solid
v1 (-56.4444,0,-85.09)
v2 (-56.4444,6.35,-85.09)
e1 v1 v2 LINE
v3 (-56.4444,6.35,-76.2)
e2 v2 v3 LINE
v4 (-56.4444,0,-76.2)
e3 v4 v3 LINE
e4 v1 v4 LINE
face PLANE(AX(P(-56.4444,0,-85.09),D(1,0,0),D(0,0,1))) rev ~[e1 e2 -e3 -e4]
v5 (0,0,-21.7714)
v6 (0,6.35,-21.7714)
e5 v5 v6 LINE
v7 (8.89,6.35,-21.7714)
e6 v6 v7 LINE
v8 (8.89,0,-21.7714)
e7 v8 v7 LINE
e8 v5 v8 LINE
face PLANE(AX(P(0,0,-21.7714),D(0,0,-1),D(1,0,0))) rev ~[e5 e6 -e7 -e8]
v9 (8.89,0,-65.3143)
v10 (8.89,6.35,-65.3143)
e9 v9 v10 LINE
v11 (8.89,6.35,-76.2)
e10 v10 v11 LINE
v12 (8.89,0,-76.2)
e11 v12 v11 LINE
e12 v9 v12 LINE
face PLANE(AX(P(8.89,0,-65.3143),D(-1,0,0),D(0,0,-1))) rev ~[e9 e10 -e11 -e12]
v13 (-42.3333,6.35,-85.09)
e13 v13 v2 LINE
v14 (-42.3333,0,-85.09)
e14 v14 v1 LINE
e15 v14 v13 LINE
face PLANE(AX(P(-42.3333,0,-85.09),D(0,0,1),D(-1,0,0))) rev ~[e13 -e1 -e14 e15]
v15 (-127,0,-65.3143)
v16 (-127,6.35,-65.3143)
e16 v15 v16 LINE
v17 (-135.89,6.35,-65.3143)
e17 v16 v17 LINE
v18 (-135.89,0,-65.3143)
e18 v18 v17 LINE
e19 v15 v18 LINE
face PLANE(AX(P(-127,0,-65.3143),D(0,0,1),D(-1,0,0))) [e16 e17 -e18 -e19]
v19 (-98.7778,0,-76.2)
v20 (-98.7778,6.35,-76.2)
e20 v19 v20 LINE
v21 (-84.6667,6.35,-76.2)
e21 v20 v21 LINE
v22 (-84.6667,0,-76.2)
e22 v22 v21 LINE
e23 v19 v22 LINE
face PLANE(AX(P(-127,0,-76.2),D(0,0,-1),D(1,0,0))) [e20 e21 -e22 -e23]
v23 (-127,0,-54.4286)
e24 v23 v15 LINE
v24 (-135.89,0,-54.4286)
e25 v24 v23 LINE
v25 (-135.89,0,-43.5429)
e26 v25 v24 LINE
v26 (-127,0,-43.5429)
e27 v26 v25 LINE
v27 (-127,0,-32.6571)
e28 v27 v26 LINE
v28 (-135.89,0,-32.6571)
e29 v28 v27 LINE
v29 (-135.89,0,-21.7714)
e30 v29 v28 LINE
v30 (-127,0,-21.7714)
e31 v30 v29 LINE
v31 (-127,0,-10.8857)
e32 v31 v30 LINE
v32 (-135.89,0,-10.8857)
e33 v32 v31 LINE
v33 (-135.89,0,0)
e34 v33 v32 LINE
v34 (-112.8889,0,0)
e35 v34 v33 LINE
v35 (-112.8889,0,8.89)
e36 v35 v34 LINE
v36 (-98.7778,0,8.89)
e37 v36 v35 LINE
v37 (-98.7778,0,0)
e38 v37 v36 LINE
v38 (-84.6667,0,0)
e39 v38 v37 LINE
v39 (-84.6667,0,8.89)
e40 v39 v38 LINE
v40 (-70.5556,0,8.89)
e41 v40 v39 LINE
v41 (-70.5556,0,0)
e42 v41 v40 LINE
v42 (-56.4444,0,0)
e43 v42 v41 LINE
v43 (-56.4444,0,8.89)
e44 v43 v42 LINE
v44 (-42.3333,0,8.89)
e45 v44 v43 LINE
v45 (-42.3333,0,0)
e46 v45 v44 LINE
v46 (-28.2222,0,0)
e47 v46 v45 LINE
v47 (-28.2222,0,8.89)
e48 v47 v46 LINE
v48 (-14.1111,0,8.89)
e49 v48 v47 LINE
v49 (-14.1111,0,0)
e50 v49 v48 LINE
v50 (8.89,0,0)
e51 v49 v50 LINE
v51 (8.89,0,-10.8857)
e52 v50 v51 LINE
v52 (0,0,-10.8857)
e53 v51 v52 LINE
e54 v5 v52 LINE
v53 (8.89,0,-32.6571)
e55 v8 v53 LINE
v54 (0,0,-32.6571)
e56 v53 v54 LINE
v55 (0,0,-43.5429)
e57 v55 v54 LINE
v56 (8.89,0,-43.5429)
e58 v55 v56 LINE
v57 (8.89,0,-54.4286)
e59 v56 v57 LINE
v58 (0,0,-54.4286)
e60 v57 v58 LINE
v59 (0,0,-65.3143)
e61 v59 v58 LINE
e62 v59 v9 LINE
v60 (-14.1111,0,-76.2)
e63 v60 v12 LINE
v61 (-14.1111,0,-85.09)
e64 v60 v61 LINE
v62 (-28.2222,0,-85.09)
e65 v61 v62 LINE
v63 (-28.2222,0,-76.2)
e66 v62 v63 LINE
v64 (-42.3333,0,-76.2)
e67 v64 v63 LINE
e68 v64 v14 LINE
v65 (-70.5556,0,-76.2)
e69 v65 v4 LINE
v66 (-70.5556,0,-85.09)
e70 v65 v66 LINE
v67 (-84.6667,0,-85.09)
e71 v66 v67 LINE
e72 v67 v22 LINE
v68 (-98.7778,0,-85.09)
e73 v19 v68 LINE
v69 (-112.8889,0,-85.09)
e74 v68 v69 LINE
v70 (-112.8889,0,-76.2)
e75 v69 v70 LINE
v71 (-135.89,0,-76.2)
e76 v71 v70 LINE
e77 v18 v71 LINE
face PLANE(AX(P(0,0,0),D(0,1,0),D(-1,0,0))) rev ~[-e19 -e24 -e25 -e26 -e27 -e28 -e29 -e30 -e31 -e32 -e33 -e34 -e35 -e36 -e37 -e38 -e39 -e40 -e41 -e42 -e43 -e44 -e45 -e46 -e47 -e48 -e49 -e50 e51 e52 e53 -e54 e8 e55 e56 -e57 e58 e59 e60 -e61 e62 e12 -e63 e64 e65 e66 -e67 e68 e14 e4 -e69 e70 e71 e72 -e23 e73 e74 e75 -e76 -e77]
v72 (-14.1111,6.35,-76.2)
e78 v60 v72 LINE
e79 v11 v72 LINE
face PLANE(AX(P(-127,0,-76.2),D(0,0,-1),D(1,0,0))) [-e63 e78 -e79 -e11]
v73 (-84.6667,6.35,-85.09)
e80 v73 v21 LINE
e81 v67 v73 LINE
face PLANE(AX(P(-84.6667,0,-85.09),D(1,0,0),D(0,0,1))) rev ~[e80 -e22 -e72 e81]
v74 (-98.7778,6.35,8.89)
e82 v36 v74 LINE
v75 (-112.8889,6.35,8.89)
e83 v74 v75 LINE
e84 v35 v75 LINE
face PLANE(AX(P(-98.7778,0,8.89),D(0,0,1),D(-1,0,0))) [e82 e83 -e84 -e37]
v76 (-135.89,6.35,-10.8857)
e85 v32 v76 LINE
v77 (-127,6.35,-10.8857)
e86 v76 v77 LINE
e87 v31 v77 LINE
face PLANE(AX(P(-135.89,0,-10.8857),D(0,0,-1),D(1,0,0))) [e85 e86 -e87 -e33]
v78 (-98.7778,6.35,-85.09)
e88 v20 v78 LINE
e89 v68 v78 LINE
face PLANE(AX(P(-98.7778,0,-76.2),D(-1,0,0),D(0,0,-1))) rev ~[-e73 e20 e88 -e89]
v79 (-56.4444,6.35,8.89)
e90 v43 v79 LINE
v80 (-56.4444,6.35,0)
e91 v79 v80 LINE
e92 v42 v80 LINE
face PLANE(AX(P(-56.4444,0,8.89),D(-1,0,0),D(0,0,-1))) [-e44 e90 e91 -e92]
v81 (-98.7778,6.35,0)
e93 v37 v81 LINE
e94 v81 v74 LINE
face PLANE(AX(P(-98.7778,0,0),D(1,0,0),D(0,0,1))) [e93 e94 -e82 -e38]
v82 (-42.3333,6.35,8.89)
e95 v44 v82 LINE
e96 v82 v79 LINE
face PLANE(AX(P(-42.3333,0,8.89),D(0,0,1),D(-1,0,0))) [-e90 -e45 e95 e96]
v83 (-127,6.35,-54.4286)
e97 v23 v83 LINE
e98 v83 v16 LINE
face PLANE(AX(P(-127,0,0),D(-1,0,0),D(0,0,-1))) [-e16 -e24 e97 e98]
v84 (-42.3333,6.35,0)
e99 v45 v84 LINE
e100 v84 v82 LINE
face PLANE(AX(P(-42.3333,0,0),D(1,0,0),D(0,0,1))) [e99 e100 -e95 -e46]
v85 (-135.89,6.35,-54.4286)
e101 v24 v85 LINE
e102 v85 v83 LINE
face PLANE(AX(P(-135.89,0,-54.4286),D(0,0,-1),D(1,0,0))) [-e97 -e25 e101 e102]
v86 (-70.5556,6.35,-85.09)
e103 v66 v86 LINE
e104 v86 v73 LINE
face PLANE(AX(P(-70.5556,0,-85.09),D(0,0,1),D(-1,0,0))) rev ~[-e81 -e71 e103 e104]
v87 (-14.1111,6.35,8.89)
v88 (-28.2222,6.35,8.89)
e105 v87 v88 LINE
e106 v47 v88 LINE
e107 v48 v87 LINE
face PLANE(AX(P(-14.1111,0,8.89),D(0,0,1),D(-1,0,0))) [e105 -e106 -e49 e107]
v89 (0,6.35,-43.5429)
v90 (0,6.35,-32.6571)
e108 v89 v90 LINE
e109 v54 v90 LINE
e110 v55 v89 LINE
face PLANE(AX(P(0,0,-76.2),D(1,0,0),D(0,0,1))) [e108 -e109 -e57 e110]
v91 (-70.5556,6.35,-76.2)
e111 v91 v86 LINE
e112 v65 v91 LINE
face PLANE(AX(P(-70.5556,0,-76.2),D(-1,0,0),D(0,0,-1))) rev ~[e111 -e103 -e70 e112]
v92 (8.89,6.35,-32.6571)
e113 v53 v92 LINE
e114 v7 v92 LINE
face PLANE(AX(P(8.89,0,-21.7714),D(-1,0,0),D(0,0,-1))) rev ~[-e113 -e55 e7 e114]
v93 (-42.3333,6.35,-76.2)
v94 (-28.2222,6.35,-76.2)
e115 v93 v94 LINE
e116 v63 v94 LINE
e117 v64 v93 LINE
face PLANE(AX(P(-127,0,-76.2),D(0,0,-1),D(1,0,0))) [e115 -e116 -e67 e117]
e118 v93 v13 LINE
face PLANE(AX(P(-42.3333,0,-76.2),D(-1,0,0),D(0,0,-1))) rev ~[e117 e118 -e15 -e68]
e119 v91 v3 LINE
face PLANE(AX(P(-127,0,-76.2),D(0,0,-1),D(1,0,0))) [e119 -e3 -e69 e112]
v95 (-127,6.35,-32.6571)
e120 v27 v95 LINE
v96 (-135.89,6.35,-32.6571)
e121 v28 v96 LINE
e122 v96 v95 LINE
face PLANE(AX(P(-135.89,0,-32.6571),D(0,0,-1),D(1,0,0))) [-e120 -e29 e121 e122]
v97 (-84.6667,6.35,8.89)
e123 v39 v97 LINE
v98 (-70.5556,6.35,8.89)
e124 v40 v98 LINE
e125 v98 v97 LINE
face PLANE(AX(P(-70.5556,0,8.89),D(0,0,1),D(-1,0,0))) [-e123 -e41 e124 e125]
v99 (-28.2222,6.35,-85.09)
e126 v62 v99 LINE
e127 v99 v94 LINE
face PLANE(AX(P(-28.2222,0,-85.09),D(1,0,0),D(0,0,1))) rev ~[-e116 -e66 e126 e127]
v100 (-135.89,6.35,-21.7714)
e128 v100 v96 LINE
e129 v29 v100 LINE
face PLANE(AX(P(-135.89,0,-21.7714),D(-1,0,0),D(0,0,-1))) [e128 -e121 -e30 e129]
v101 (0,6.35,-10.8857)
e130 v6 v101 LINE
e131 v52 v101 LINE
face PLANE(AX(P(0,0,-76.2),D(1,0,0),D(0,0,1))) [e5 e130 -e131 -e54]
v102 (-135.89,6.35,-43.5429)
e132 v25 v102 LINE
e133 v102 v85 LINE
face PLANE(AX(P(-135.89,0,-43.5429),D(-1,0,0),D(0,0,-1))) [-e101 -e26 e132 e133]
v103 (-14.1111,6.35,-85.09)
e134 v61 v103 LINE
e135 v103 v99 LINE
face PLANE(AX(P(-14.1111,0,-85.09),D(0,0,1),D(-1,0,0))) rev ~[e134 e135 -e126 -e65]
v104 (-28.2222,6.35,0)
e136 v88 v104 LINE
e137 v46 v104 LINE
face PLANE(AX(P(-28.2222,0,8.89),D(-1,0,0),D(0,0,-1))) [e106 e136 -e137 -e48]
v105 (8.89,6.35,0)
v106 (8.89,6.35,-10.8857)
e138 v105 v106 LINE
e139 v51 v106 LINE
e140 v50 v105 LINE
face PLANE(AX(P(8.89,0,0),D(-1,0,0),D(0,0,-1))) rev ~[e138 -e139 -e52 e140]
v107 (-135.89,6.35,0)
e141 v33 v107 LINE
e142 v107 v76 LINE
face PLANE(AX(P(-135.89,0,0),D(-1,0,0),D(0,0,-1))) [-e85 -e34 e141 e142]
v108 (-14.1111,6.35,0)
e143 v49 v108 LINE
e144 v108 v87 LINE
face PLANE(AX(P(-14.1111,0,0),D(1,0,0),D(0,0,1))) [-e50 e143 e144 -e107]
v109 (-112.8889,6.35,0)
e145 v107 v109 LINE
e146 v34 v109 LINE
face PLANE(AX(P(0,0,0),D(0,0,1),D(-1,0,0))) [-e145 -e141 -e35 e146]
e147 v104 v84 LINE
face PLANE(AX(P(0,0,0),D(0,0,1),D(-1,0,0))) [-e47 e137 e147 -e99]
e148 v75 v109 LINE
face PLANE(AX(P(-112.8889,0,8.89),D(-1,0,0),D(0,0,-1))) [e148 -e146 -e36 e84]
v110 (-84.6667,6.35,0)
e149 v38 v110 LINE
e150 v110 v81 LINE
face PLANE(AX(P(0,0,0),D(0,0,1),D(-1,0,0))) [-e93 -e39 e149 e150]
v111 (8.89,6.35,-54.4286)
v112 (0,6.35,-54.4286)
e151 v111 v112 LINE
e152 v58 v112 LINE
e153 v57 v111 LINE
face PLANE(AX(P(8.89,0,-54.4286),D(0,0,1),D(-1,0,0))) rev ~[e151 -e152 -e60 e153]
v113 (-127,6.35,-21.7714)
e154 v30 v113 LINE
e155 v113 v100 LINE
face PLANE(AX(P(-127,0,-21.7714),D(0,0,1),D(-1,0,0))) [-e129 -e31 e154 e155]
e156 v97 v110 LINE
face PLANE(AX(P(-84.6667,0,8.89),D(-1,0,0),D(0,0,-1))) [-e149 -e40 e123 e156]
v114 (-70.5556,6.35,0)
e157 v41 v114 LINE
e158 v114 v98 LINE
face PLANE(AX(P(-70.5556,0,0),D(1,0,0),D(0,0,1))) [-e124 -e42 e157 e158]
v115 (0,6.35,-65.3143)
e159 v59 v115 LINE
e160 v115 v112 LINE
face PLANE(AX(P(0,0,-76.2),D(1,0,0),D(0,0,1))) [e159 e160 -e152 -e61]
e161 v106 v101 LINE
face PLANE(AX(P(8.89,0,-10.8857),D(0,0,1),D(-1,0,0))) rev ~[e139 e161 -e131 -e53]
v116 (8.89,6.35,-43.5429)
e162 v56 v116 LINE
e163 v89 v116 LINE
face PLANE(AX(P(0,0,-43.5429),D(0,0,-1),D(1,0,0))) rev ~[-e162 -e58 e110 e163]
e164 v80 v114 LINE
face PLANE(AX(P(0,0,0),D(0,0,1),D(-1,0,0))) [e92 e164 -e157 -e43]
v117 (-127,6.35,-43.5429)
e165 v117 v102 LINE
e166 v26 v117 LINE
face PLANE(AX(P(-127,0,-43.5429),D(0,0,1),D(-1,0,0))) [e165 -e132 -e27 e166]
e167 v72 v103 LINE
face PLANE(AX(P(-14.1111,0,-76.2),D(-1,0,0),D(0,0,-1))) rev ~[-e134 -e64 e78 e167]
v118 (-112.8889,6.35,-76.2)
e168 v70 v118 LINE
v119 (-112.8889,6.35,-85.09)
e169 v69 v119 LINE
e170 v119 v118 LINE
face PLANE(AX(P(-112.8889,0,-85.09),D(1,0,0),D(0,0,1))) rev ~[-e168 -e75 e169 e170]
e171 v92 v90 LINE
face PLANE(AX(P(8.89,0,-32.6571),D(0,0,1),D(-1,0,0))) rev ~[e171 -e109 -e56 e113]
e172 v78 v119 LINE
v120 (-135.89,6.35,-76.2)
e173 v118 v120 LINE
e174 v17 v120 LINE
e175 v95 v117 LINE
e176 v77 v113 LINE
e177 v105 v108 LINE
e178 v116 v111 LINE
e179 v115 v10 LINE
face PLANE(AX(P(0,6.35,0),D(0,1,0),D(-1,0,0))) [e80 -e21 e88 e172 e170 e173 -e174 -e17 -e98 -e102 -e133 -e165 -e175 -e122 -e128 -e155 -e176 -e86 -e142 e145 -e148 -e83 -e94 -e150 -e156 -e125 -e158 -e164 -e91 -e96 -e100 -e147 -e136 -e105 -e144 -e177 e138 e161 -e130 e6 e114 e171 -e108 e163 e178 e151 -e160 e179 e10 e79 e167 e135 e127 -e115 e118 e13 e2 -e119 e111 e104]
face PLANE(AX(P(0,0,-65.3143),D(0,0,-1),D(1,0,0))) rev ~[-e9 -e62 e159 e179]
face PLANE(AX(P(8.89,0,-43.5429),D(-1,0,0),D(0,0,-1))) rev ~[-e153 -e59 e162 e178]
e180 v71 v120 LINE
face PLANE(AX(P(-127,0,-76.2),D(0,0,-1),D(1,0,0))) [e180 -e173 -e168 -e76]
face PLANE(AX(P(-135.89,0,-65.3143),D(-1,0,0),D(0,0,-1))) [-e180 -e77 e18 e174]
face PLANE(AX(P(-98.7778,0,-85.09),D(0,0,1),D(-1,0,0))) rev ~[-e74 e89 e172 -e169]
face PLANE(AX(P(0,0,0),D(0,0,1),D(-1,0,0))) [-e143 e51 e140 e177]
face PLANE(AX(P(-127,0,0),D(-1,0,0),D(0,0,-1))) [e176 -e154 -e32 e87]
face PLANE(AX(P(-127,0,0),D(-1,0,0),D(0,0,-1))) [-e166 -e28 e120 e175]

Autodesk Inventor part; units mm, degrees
ref_plane "YZ Plane" through (0, 0, 0) normal (1, 0, 0) x (0, 1, 0)
ref_plane "XZ Plane" through (0, 0, 0) normal (0, 1, 0) x (-1, 0, 0)
ref_plane "XY Plane" through (0, 0, 0) normal (0, 0, 1) x (1, 0, 0)
sketch "Sketch1" plane through (0, 0, 0) normal (0, 1, 0) x (-1, 0, 0)
  line L0 (0, 0) -> (127, 0)
  line L1 (127, 0) -> (127, -76.2)
  line L2 (127, -76.2) -> (0, -76.2)
  line L3 (0, -76.2) -> (0, 0)
  dimension "BoxHeight" = 127
  dimension "d1" = 76.2
sketch "Sketch2" plane through (0, 0, 0) normal (0, 1, 0) x (-1, 0, 0)
  line L0 (0, 0) -> (-8.89, 0)
  line L1 (-8.89, 0) -> (-8.89, -10.8857)
  line L2 (-8.89, -10.8857) -> (0, -10.8857)
  line L3 (0, -10.8857) -> (0, 0)
  line L4 (0, -76.2) -> (0, 0) projected
  line L5 (0, 0) -> (127, 0) projected
  line L6 (0, -21.7714) -> (-8.89, -21.7714)
  line L7 (-8.89, -21.7714) -> (-8.89, -32.6571)
  line L8 (-8.89, -32.6571) -> (0, -32.6571)
  line L9 (0, -32.6571) -> (0, -21.7714)
  line L10 (0, -43.5429) -> (-8.89, -43.5429)
  line L11 (-8.89, -43.5429) -> (-8.89, -54.4286)
  line L12 (-8.89, -54.4286) -> (0, -54.4286)
  line L13 (0, -54.4286) -> (0, -43.5429)
  line L14 (63.5, 0) -> (63.5, -115.824) construction
  line L15 (127, -10.8857) -> (127, 0)
  line L16 (127, -76.2) -> (127, 0)
  line L17 (127, -32.6571) -> (127, -21.7714)
  line L18 (127, -54.4286) -> (127, -43.5429)
  line L19 (28.2222, -76.2) -> (14.1111, -76.2)
  line L20 (14.1111, -76.2) -> (14.1111, -85.09)
  line L21 (14.1111, -85.09) -> (28.2222, -85.09)
  line L22 (28.2222, -85.09) -> (28.2222, -76.2)
  line L23 (127, -76.2) -> (0, -76.2) projected
  line L24 (56.4444, -76.2) -> (42.3333, -76.2)
  line L25 (42.3333, -76.2) -> (42.3333, -85.09)
  line L26 (42.3333, -85.09) -> (56.4444, -85.09)
  line L27 (56.4444, -85.09) -> (56.4444, -76.2)
  line L28 (84.6667, -76.2) -> (70.5556, -76.2)
  line L29 (70.5556, -76.2) -> (70.5556, -85.09)
  line L30 (70.5556, -85.09) -> (84.6667, -85.09)
  line L31 (84.6667, -85.09) -> (84.6667, -76.2)
  line L32 (112.8889, -76.2) -> (98.7778, -76.2)
  line L33 (98.7778, -76.2) -> (98.7778, -85.09)
  line L34 (98.7778, -85.09) -> (112.8889, -85.09)
  line L35 (112.8889, -85.09) -> (112.8889, -76.2)
  line L36 (127, -38.1) -> (0, -38.1) construction
  line L37 (63.5, -76.2) -> (63.5, 39.624) construction
  line L38 (28.2222, 0) -> (14.1111, 0)
  line L39 (14.1111, 0) -> (14.1111, 8.89)
  line L40 (14.1111, 8.89) -> (28.2222, 8.89)
  line L41 (28.2222, 8.89) -> (28.2222, 0)
  line L42 (127, 0) -> (0, 0)
  line L43 (56.4444, 0) -> (42.3333, 0)
  line L44 (42.3333, 0) -> (42.3333, 8.89)
  line L45 (42.3333, 8.89) -> (56.4444, 8.89)
  line L46 (56.4444, 8.89) -> (56.4444, 0)
  line L47 (84.6667, 0) -> (70.5556, 0)
  line L48 (70.5556, 0) -> (70.5556, 8.89)
  line L49 (84.6667, 8.89) -> (84.6667, 0)
  line L50 (70.5556, 8.89) -> (84.6667, 8.89)
  line L51 (112.8889, 0) -> (98.7778, 0)
  line L52 (98.7778, 0) -> (98.7778, 8.89)
  line L53 (112.8889, 8.89) -> (112.8889, 0)
  line L54 (98.7778, 8.89) -> (112.8889, 8.89)
  line L55 (0, -65.3143) -> (-8.89, -65.3143)
  line L56 (-8.89, -65.3143) -> (-8.89, -76.2)
  line L57 (-8.89, -76.2) -> (0, -76.2)
  line L58 (0, -76.2) -> (0, -65.3143)
  line L59 (127, 0) -> (135.89, 0)
  line L60 (135.89, 0) -> (135.89, -10.8857)
  line L61 (135.89, -10.8857) -> (127, -10.8857)
  line L62 (127, -10.8857) -> (127, 0)
  line L63 (127, -76.2) -> (127, 0)
  line L64 (127, -21.7714) -> (135.89, -21.7714)
  line L65 (135.89, -21.7714) -> (135.89, -32.6571)
  line L66 (135.89, -32.6571) -> (127, -32.6571)
  line L67 (127, -32.6571) -> (127, -21.7714)
  line L68 (127, -43.5429) -> (135.89, -43.5429)
  line L69 (135.89, -43.5429) -> (135.89, -54.4286)
  line L70 (135.89, -54.4286) -> (127, -54.4286)
  line L71 (127, -54.4286) -> (127, -43.5429)
  line L72 (135.89, -65.3143) -> (135.89, -76.2)
  line L73 (127, -65.3143) -> (135.89, -65.3143)
  line L74 (135.89, -76.2) -> (127, -76.2)
  line L75 (127, -76.2) -> (127, -65.3143)
  dimension "d2" = 8.89
  dimension "d3" = 10.8857
  dimension "d5" = 8.89
  dimension "d6" = 10.8857
  dimension "d7" = 10.8857
  dimension "d8" = 8.89
  dimension "d9" = 10.8857
  dimension "d10" = 10.8857
  dimension "d11" = 14.1111
  dimension "d12" = 127
  dimension "d13" = 14.1111
  dimension "d14" = 8.89
  dimension "d15" = 8.89
  dimension "d16" = 14.1111
  dimension "d17" = 8.89
  dimension "d18" = 14.1111
  dimension "d22" = 8.89
  dimension "d23" = 14.1111
  dimension "d27" = 14.1111
  dimension "d28" = 14.1111
  dimension "d29" = 14.1111
  dimension "d34" = 76.2
  dimension "d35" = 8.89
  dimension "d36" = 10.8857
  dimension "d41" = 10.8857
extrude "Connections" add sketch "Sketch2" along normal blind 6.35 contours L3 L2 L1 L0 | L39 L40 L41 L5 | L4 L8 L7 L6 | L44 L45 L46 L5 | L4 L12 L11 L10 | L48 L50 L49 L5 | L4 L57 L56 L55 | L52 L54 L53 L5 | L19 L22 L21 L20 | L59 L60 L61 L15 | L23 L27 L26 L25 | L64 L65 L66 L16 | L23 L31 L30 L29 | L68 L69 L70 L16 | L23 L35 L34 L33 | L73 L72 L74 L16
extrude "Base Extrusion" add sketch "Sketch1" along normal blind 6.35
sketch "Sketch3" plane through (0, 6.35, 0) normal (0, 1, 0) x (1, 0, 0)
  line L0 (-6.6713, 46.5048) -> (-6.6713, 27.1528) construction
  line L1 (-6.6713, 27.1528) -> (-46.955, 27.1528) construction
  line L2 (-46.955, 27.1528) -> (-46.955, 46.5048) construction
  line L3 (-46.955, 46.5048) -> (-6.6713, 46.5048) construction
  point P0 (0, 0)
sketch "Sketch4" plane through (0, 0, 0) normal (0, -1, 0) x (1, 0, 0)
  line L0 (-84.6667, 8.89) -> (-70.5556, 8.89) projected
  line L1 (-84.6667, 0) -> (-84.6667, 8.89) projected
  line L2 (-84.6667, 0) -> (-98.7778, 0) projected
  line L3 (-98.7778, 0) -> (-98.7778, 8.89) projected
  line L4 (-98.7778, 8.89) -> (-112.8889, 8.89) projected
  line L5 (-112.8889, 8.89) -> (-112.8889, 0) projected
  line L6 (-135.89, 0) -> (-112.8889, 0) projected
  line L7 (-135.89, -10.8857) -> (-135.89, 0) projected
  line L8 (-127, -10.8857) -> (-135.89, -10.8857) projected
  line L9 (-127, -10.8857) -> (-127, -21.7714) projected
  line L10 (-135.89, -21.7714) -> (-127, -21.7714) projected
  line L11 (-135.89, -32.6571) -> (-135.89, -21.7714) projected
  line L12 (-127, -32.6571) -> (-135.89, -32.6571) projected
  line L13 (-127, -32.6571) -> (-127, -43.5429) projected
  line L14 (-135.89, -43.5429) -> (-127, -43.5429) projected
  line L15 (-135.89, -54.4286) -> (-135.89, -43.5429) projected
  line L16 (-127, -54.4286) -> (-135.89, -54.4286) projected
  line L17 (-127, -54.4286) -> (-127, -65.3143) projected
  line L18 (-127, -65.3143) -> (-135.89, -65.3143) projected
  line L19 (-135.89, -65.3143) -> (-135.89, -76.2) projected
  line L20 (-135.89, -76.2) -> (-112.8889, -76.2) projected
  line L21 (-112.8889, -76.2) -> (-112.8889, -85.09) projected
  line L22 (-112.8889, -85.09) -> (-98.7778, -85.09) projected
  line L23 (-98.7778, -85.09) -> (-98.7778, -76.2) projected
  line L24 (-98.7778, -76.2) -> (-84.6667, -76.2) projected
  line L25 (-84.6667, -76.2) -> (-84.6667, -85.09) projected
  line L26 (-84.6667, -85.09) -> (-70.5556, -85.09) projected
  line L27 (-70.5556, -85.09) -> (-70.5556, -76.2) projected
  line L28 (-70.5556, -76.2) -> (-56.4444, -76.2) projected
  line L29 (-56.4444, -85.09) -> (-56.4444, -76.2) projected
  line L30 (-42.3333, -85.09) -> (-56.4444, -85.09) projected
  line L31 (-42.3333, -76.2) -> (-42.3333, -85.09) projected
  line L32 (-42.3333, -76.2) -> (-28.2222, -76.2) projected
  line L33 (-28.2222, -85.09) -> (-28.2222, -76.2) projected
  line L34 (-14.1111, -85.09) -> (-28.2222, -85.09) projected
  line L35 (-14.1111, -76.2) -> (-14.1111, -85.09) projected
  line L36 (-14.1111, -76.2) -> (8.89, -76.2) projected
  line L37 (8.89, -76.2) -> (8.89, -65.3143) projected
  line L38 (8.89, -65.3143) -> (0, -65.3143) projected
  line L39 (0, -65.3143) -> (0, -54.4286) projected
  line L40 (8.89, -54.4286) -> (0, -54.4286) projected
  line L41 (8.89, -43.5429) -> (8.89, -54.4286) projected
  line L42 (0, -43.5429) -> (8.89, -43.5429) projected
  line L43 (0, -43.5429) -> (0, -32.6571) projected
  line L44 (8.89, -32.6571) -> (0, -32.6571) projected
  line L45 (8.89, -21.7714) -> (8.89, -32.6571) projected
  line L46 (0, -21.7714) -> (8.89, -21.7714) projected
  line L47 (0, -21.7714) -> (0, -10.8857) projected
  line L48 (8.89, -10.8857) -> (0, -10.8857) projected
  line L49 (8.89, 0) -> (8.89, -10.8857) projected
  line L50 (-14.1111, 0) -> (8.89, 0) projected
  line L51 (-14.1111, 0) -> (-14.1111, 8.89) projected
  line L52 (-14.1111, 8.89) -> (-28.2222, 8.89) projected
  line L53 (-28.2222, 8.89) -> (-28.2222, 0) projected
  line L54 (-28.2222, 0) -> (-42.3333, 0) projected
  line L55 (-42.3333, 8.89) -> (-42.3333, 0) projected
  line L56 (-56.4444, 8.89) -> (-42.3333, 8.89) projected
  line L57 (-56.4444, 0) -> (-56.4444, 8.89) projected
  line L58 (-56.4444, 0) -> (-70.5556, 0) projected
  line L59 (-70.5556, 8.89) -> (-70.5556, 0) projected
  point P0 (0, 0)
equation "\"d1\" = BaseLength"
equation "\"d2\" = PerpA"
equation "\"d3\" = PerpB"
equation "\"d5\" = d2"
equation "\"d6\" = d3"
equation "\"d7\" = PerpSpace"
equation "\"d8\" = d2"
equation "\"d9\" = d3"
equation "\"d10\" = d7"
equation "\"d11\" = -0.8 * d13 + 0.2 * d12"
equation "\"d13\" = 0.111111 * d12"
equation "\"d14\" = WallConA"
equation "\"d15\" = d14"
equation "\"d16\" = d13"
equation "\"d17\" = d15"
equation "\"d18\" = d20"
equation "\"d22\" = d14"
equation "\"d23\" = d25"
equation "\"d27\" = d11"
equation "\"d28\" = d27"
equation "\"d29\" = d11"
equation "\"d35\" = d37"
equation "\"d36\" = d38"
equation "\"d41\" = d10"
equation "\"d20\" = 0.111111 * d21"
equation "\"d25\" = 0.111111 * d26"
equation "\"d37\" = d39"
equation "\"d38\" = d40"
equation "\"BaseLength\" = 76.2"
equation "\"PerpA\" = 8.89"
equation "\"PerpB\" = 10.885714"
equation "\"PerpSpace\" = 10.885714"
equation "\"WallConA\" = 8.89"
equation "\"d21\" = 127"
equation "\"d26\" = 127"
equation "\"d39\" = 8.89"
equation "\"d40\" = 10.885714"
properties part number "WallToWall(Perpendicular1)"
